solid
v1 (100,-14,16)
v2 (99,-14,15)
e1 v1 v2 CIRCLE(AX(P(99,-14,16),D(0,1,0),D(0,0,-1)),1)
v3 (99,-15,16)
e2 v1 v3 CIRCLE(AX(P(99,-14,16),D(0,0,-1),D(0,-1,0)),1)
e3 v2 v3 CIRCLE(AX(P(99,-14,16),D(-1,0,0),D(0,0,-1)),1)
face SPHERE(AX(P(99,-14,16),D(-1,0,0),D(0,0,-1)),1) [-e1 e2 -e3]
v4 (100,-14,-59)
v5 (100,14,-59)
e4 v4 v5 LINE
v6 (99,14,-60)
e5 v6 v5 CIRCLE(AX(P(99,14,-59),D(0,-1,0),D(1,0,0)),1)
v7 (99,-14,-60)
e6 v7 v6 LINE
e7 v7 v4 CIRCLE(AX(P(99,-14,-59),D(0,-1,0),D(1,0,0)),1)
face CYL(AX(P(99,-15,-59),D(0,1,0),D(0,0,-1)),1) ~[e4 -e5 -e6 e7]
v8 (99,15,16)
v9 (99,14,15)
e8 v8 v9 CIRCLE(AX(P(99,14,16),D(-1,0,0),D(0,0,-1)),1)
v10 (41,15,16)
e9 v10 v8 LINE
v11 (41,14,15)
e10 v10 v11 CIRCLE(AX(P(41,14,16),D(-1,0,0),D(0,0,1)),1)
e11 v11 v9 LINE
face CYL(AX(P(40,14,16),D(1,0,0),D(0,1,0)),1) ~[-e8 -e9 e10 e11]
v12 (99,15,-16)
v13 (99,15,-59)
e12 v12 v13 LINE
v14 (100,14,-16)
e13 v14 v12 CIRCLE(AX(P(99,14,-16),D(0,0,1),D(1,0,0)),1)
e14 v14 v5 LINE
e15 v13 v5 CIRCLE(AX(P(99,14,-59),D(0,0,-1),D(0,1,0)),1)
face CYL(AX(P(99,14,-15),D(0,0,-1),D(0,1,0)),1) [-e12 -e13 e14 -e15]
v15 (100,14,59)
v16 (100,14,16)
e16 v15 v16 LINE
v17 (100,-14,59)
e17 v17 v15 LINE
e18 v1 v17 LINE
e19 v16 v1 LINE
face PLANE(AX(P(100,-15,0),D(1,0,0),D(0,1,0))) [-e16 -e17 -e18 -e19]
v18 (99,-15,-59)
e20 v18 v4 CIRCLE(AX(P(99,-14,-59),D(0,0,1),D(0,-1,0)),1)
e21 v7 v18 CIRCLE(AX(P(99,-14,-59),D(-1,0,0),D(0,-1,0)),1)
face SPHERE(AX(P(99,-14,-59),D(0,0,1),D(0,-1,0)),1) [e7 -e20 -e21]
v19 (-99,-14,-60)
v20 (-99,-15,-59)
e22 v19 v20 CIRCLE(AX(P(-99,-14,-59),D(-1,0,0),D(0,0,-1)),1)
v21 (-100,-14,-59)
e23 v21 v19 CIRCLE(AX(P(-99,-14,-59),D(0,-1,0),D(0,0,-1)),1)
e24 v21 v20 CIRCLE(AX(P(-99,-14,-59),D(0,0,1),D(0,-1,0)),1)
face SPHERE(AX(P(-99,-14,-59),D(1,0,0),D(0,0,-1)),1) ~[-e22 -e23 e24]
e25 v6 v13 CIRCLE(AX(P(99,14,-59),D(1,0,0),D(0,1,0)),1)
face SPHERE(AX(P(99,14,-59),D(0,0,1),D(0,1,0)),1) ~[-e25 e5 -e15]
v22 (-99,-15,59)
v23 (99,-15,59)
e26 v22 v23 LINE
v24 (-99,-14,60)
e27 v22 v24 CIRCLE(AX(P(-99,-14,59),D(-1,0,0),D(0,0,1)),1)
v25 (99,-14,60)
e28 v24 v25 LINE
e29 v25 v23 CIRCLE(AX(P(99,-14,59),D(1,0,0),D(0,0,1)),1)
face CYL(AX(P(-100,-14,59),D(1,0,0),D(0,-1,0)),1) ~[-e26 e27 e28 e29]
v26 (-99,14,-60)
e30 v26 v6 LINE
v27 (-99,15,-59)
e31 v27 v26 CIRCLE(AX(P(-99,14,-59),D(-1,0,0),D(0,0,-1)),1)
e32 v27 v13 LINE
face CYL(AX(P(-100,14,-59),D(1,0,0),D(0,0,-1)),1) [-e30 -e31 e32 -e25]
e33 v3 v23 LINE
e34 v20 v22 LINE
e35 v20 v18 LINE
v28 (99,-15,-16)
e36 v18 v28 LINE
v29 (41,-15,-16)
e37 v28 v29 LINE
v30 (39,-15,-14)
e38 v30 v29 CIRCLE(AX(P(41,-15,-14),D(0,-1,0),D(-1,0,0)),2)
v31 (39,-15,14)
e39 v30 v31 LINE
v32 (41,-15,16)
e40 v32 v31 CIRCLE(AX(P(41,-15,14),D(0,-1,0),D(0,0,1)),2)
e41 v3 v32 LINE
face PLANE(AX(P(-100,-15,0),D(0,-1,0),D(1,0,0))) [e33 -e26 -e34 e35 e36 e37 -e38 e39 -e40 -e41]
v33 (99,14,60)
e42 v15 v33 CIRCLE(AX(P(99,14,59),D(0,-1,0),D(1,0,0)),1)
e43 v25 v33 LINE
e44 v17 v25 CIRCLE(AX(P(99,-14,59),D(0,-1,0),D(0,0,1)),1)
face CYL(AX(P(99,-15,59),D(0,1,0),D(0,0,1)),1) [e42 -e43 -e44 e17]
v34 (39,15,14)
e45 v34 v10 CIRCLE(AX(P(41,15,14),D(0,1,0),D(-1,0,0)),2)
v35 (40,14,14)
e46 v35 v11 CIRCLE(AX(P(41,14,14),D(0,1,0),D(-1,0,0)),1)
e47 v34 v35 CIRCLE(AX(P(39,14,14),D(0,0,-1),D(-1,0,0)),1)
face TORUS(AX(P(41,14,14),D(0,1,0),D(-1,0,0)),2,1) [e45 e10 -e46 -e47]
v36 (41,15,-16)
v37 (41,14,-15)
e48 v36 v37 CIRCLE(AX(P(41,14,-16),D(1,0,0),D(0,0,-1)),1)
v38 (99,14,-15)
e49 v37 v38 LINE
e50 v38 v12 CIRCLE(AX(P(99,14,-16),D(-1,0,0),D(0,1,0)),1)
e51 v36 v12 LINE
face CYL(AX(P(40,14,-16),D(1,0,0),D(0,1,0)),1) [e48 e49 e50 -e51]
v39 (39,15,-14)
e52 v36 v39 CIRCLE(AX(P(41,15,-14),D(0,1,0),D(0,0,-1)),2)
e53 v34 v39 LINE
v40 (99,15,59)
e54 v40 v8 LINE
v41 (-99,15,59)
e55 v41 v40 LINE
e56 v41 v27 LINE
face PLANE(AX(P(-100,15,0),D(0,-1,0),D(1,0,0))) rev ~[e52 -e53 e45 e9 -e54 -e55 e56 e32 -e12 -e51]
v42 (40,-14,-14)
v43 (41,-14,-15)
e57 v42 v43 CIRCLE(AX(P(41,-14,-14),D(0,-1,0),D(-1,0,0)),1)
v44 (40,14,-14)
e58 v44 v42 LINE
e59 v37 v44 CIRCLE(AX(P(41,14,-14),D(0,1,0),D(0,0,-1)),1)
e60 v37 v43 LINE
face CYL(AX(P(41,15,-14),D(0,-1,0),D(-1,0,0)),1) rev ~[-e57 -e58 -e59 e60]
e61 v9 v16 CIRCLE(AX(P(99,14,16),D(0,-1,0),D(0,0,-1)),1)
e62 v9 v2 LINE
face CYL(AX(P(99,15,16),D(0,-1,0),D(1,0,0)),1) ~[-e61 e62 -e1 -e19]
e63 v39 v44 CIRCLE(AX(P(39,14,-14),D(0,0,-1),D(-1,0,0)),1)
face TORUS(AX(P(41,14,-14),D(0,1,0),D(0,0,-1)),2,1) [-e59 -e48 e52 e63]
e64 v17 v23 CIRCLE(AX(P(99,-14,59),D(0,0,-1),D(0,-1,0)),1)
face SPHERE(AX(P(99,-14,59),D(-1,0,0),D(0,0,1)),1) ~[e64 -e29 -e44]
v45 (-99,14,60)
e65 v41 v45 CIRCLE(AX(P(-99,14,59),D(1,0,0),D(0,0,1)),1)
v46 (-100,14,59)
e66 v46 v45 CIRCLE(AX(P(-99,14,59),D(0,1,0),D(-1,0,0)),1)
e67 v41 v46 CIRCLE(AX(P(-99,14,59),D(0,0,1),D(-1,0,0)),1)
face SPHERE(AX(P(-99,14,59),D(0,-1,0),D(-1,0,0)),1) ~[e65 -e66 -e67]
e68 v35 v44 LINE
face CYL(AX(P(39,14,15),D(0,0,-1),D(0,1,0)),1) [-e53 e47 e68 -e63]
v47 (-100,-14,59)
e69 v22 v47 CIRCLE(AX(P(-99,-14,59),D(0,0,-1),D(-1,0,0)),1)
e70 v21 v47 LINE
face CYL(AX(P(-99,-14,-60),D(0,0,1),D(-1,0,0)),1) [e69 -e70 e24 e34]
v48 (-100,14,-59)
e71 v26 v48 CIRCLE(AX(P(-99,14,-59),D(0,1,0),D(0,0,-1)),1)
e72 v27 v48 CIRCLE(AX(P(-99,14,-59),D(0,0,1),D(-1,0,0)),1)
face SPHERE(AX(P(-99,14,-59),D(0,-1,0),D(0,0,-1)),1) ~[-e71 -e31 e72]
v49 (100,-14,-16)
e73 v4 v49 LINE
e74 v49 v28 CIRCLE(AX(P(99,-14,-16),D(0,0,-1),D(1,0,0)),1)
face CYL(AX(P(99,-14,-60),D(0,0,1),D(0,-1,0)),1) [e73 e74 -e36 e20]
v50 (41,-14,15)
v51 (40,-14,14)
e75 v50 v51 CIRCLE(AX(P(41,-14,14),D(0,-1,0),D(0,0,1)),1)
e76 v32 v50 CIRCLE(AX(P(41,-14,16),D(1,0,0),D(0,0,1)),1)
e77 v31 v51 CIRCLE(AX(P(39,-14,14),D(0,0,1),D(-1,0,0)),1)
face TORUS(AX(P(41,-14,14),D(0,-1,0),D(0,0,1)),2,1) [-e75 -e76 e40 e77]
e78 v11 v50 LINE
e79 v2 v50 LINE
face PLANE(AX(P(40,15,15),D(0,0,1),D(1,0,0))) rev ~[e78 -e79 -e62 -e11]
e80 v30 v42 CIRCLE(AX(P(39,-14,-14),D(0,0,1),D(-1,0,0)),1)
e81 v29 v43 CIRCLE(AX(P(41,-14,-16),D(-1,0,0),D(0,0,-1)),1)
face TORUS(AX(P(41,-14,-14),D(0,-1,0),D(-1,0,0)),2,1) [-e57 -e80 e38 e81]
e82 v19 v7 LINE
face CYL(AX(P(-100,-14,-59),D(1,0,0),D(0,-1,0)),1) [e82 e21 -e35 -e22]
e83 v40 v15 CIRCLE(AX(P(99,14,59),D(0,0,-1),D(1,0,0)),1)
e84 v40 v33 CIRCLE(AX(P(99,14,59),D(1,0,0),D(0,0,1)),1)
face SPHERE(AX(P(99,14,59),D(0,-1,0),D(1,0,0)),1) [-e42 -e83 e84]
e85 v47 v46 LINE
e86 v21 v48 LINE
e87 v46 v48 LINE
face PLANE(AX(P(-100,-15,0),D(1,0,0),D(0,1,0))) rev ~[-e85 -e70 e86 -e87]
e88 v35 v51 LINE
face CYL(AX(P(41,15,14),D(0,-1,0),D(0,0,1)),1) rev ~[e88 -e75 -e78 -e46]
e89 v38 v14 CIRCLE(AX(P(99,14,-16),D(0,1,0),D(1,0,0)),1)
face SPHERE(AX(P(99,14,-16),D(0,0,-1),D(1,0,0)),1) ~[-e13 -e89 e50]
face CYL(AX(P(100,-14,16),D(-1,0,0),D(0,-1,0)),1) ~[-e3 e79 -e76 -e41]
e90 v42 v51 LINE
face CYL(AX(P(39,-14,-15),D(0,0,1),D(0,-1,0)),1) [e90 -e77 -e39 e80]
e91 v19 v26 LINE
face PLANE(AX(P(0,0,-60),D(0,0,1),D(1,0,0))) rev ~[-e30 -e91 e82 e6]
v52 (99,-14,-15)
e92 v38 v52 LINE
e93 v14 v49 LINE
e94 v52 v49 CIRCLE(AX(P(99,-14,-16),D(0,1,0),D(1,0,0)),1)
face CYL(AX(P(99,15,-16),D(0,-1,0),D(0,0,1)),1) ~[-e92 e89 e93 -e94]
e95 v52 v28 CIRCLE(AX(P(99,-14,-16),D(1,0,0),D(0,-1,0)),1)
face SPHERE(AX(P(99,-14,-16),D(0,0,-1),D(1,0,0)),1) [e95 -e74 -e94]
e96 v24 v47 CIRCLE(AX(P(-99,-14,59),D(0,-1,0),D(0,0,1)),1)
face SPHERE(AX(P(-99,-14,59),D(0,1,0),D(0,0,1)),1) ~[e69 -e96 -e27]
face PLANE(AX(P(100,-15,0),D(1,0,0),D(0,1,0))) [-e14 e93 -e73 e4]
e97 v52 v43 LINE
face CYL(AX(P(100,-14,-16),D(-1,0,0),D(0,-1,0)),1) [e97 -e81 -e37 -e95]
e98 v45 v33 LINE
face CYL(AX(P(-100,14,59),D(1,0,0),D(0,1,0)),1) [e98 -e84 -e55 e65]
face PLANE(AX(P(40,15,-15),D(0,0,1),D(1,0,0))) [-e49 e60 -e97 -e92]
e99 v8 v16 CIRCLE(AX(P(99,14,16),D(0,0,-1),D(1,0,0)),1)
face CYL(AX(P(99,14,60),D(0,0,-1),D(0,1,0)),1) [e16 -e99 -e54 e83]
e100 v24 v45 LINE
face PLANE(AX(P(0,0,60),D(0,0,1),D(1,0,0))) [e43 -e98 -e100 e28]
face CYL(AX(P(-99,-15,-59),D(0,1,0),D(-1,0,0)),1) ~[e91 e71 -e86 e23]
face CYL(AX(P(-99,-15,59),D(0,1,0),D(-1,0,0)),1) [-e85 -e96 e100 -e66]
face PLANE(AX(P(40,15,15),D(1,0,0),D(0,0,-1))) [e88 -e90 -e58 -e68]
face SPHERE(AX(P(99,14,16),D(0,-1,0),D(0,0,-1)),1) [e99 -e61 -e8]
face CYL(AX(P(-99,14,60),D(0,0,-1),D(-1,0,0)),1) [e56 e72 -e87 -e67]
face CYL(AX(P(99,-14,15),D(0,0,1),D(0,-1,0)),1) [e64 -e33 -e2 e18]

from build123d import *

# Parameters (mm, degrees)
SKETCH1_W           = 200
SKETCH1_H           = 30
BOSS_EXTRUDE1_DEPTH = 60
SKETCH2_W           = 60
SKETCH2_H           = 30
CUT_EXTRUDE2_DEPTH  = 121.415945788
FILLET1_R           = 1


with BuildPart() as part:
    # Sketch1 → Boss-Extrude1 (new, symmetric)
    with BuildSketch(Plane.XY):
        Rectangle(SKETCH1_W, SKETCH1_H)
    extrude(amount=BOSS_EXTRUDE1_DEPTH, both=True)

    # Sketch2 → Cut-Extrude2 (cut, through all)
    with BuildSketch(Plane(origin=(0, 15, 0), x_dir=(1, 0, 0), z_dir=(0, 1, 0))):
        with Locations((70, 0)):
            Rectangle(SKETCH2_W, SKETCH2_H)
    extrude(amount=-CUT_EXTRUDE2_DEPTH, mode=Mode.SUBTRACT)

    # Fillet1
    fillet1_edges = [part.edges().sort_by_distance(p)[0] for p in [
        (-100, 0, 60),
        (100, -15, -37.5),
        (100, 15, -37.5),
        (0, -15, 60),
        (100, 0, -15),
        (70, -15, 15),
        (100, 0, 15),
        (40, -15, 0),
        (40, 0, 15),
        (70, -15, -15),
        (40, 0, -15),
        (70, 15, -15),
        (40, 15, 0),
        (70, 15, 15),
        (100, 0, 60),
        (0, -15, -60),
        (-100, 0, -60),
        (0, 15, -60),
        (100, 0, -60),
        (100, -15, 37.5),
        (-100, -15, 0),
        (-100, 15, 0),
        (100, 15, 37.5),
        (0, 15, 60),
    ]]
    fillet(fillet1_edges, radius=FILLET1_R)


solid = part.part
